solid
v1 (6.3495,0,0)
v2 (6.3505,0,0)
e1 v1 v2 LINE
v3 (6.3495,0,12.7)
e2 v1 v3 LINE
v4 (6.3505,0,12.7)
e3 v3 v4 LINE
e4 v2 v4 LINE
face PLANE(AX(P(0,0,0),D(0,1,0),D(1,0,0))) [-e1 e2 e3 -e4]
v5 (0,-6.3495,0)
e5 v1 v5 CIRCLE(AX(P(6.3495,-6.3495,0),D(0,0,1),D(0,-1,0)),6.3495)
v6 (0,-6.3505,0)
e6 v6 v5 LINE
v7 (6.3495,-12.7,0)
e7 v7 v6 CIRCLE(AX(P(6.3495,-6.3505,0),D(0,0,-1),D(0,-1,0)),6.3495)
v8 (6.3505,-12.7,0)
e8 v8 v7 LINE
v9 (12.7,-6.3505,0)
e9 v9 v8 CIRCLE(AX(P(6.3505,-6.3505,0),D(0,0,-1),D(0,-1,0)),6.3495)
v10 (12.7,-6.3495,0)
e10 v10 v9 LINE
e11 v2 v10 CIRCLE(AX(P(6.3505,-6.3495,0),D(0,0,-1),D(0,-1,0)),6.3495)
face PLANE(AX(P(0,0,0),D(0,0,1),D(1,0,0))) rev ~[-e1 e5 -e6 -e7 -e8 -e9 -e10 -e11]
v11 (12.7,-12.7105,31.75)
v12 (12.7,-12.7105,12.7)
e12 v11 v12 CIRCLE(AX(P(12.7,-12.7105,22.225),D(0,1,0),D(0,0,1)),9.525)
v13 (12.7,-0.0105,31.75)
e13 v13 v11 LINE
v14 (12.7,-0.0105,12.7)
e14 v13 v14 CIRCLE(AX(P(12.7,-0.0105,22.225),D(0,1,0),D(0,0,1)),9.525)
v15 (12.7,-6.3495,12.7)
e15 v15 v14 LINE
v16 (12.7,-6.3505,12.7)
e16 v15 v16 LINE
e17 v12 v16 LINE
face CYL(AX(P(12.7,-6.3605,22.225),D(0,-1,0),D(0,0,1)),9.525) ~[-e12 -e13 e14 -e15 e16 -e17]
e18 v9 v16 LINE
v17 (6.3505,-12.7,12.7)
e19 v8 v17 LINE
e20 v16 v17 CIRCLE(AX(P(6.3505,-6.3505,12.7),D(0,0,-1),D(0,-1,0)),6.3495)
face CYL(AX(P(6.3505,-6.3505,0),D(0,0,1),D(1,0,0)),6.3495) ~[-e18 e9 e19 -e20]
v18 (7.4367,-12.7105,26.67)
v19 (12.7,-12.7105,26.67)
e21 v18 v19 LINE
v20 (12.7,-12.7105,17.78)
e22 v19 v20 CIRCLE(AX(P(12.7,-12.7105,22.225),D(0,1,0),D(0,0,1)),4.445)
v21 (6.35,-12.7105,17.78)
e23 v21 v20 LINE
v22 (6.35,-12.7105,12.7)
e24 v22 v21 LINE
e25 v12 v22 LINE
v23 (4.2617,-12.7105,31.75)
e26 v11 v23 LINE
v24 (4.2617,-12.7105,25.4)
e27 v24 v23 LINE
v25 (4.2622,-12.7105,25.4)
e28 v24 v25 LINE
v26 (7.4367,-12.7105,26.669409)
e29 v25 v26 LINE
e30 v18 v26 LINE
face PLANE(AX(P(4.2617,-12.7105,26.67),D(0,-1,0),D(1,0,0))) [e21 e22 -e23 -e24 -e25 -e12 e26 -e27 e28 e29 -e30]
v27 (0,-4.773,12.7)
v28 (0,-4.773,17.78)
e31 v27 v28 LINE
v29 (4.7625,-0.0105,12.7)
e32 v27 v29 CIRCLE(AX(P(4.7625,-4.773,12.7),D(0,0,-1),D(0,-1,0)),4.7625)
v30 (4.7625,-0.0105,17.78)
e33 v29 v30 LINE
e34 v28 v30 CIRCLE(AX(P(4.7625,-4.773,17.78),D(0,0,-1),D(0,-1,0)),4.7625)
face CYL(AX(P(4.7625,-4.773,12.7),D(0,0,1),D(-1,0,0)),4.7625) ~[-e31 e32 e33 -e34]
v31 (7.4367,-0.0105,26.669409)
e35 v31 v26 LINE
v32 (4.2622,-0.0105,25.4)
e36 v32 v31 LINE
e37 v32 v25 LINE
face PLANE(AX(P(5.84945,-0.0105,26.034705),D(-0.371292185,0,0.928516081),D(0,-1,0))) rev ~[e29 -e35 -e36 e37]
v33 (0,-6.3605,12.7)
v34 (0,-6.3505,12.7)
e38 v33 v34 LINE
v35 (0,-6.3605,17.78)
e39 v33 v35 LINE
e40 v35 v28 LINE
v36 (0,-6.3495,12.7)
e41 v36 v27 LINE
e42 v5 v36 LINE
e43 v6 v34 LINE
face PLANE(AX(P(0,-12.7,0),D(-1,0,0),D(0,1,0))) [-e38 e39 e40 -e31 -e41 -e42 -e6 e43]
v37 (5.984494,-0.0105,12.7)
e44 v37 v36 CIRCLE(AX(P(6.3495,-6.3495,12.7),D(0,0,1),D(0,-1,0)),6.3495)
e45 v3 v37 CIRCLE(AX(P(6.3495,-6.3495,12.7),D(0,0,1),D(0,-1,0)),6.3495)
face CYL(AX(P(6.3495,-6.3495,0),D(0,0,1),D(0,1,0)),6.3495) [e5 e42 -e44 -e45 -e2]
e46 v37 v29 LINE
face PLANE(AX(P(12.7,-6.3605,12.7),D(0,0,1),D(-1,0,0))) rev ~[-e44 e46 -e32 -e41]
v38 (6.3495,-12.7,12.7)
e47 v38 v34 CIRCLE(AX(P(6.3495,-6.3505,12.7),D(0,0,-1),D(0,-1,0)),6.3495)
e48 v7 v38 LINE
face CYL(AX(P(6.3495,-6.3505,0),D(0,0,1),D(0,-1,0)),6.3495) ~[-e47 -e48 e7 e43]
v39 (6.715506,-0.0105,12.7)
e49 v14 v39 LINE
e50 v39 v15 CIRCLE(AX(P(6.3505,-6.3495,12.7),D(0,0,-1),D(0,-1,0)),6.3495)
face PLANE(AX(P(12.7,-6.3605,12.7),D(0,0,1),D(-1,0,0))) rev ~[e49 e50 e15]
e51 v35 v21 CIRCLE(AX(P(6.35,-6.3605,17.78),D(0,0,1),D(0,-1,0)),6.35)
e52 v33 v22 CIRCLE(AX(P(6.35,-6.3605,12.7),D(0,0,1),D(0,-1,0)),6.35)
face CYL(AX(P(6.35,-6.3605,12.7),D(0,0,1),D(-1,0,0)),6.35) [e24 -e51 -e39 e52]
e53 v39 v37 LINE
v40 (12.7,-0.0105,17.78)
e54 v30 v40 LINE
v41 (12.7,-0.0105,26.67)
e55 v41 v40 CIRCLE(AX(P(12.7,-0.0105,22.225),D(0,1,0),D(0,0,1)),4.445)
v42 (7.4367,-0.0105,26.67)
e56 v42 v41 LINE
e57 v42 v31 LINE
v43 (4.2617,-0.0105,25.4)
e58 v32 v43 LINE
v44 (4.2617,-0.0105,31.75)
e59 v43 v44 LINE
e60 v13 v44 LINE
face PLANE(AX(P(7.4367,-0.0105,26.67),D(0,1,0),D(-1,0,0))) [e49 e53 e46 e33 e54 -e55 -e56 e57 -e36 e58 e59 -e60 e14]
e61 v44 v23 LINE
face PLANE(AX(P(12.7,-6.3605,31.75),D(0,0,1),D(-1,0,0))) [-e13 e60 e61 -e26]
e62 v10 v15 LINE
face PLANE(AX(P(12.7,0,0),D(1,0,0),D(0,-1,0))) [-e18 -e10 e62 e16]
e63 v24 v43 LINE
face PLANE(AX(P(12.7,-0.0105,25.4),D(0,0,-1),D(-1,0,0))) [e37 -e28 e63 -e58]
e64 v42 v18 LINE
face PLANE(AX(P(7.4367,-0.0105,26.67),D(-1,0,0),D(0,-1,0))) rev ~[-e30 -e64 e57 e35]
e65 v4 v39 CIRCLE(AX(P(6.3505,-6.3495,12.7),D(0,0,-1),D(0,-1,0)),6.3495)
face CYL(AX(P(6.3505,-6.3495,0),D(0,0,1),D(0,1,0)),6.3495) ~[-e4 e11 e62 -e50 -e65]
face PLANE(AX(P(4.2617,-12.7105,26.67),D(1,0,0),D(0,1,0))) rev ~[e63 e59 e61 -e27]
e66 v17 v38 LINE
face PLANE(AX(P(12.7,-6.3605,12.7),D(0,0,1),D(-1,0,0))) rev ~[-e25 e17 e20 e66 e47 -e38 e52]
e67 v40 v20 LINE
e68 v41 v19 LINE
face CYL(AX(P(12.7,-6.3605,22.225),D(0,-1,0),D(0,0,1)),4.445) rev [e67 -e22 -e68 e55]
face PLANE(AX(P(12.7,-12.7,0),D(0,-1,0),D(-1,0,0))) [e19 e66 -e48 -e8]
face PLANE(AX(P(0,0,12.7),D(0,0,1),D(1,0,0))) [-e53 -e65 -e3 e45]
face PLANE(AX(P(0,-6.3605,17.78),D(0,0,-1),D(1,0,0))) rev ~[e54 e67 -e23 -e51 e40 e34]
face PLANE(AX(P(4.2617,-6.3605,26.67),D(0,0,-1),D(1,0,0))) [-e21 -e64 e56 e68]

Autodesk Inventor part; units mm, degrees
ref_plane "YZ Plane" through (0, 0, 0) normal (1, 0, 0) x (0, 1, 0)
ref_plane "XZ Plane" through (0, 0, 0) normal (0, 1, 0) x (-1, 0, 0)
ref_plane "XY Plane" through (0, 0, 0) normal (0, 0, 1) x (1, 0, 0)
sketch "Sketch1" plane through (0, 0, 0) normal (0, 0, 1) x (1, 0, 0)
  line L0 (0, 0) -> (12.7, 0)
  line L1 (12.7, 0) -> (12.7, -12.7)
  line L2 (12.7, -12.7) -> (0, -12.7)
  line L3 (0, -12.7) -> (0, 0)
  point P0 (6.35, -12.7)
  point P1 (6.35, 0)
  dimension "d0" = 12.7
  dimension "d1" = 12.7
extrude "Extrusion1" add sketch "Sketch1" along normal blind 12.7
fillet "Fillet1" radius 6.35 4 edges at (12.7, 0, 6.35) (0, 0, 6.35) (0, -12.7, 6.35) (12.7, -12.7, 6.35)
sketch "Sketch2" plane through (6.35, -6.35, 12.7) normal (0, 0, 1) x (1, 0, 0)
  line L0 (-2.0483, -0.0105) -> (1.7617, -0.0105)
  line L1 (1.7617, -0.0105) -> (1.7617, -0.03)
  line L2 (1.7617, -0.03) -> (-2.0483, -0.03)
  line L3 (-2.0483, -0.03) -> (-2.0483, -0.0105)
  point P0 (-6.35, 6.35)
extrude "Extrusion2" add sketch "Sketch2" along normal blind 2.54
sketch "Sketch4" plane through (4.3017, -6.3605, 12.7) normal (0, 1, 0) x (1, 0, 0)
  line L0 (8.3983, 0) -> (-4.3017, 0) projected
  arc A0 (8.3983, -19.05) -> (8.3983, 0) centre (8.3983, -9.525) ccw
  line L1 (8.3983, -19.05) -> (-0.04, -19.05)
  line L2 (-0.04, -19.05) -> (-0.04, -13.97)
  line L3 (-0.04, -13.97) -> (8.3983, -13.97)
  line L4 (-4.3017, 0) -> (-4.3017, -5.08)
  line L5 (-4.3017, -5.08) -> (8.3983, -5.08)
  arc A1 (8.3983, -13.97) -> (8.3983, -5.08) centre (8.3983, -9.525) ccw
  point P0 (-4.3017, 12.7)
  dimension "d10" = 19.05
  dimension "d11" = 5.08
  dimension "d12" = 5.08
extrude "Extrusion3" add sketch "Sketch4" along normal mid plane 12.7
fillet "Fillet2" radius 6.35 1 edges at (0, -12.7105, 15.24)
fillet "Fillet3" radius 4.7625 1 edges at (0, -0.0105, 15.24)
sketch "Sketch5" plane through (12.7, -0.0105, 26.67) normal (0, 0, -1) x (-1, 0, 0)
  line L0 (0, 0) -> (8.4383, 0) projected
  line L1 (8.4383, -12.7) -> (0, -12.7) projected
  line L2 (8.4383, 0) -> (5.2633, 0)
  line L3 (5.2633, 0) -> (5.2633, -12.7)
  line L4 (5.2633, -12.7) -> (8.4383, -12.7)
  line L5 (8.4383, -12.7) -> (8.4383, 0)
  point P0 (12.7, 0.0105)
  point P1 (5.2633, 0)
  dimension "d17" = 3.175
extrude "Extrusion4" add sketch "Sketch5" along normal blind 1.27
chamfer "Chamfer1" distance 3.175 angle 21.8 1 edges at (7.4367, -6.3605, 25.4) measured on face at (6.3784, -4.2438, 25.4)
properties part number "Hitch to the Polar Express [Copy]"
